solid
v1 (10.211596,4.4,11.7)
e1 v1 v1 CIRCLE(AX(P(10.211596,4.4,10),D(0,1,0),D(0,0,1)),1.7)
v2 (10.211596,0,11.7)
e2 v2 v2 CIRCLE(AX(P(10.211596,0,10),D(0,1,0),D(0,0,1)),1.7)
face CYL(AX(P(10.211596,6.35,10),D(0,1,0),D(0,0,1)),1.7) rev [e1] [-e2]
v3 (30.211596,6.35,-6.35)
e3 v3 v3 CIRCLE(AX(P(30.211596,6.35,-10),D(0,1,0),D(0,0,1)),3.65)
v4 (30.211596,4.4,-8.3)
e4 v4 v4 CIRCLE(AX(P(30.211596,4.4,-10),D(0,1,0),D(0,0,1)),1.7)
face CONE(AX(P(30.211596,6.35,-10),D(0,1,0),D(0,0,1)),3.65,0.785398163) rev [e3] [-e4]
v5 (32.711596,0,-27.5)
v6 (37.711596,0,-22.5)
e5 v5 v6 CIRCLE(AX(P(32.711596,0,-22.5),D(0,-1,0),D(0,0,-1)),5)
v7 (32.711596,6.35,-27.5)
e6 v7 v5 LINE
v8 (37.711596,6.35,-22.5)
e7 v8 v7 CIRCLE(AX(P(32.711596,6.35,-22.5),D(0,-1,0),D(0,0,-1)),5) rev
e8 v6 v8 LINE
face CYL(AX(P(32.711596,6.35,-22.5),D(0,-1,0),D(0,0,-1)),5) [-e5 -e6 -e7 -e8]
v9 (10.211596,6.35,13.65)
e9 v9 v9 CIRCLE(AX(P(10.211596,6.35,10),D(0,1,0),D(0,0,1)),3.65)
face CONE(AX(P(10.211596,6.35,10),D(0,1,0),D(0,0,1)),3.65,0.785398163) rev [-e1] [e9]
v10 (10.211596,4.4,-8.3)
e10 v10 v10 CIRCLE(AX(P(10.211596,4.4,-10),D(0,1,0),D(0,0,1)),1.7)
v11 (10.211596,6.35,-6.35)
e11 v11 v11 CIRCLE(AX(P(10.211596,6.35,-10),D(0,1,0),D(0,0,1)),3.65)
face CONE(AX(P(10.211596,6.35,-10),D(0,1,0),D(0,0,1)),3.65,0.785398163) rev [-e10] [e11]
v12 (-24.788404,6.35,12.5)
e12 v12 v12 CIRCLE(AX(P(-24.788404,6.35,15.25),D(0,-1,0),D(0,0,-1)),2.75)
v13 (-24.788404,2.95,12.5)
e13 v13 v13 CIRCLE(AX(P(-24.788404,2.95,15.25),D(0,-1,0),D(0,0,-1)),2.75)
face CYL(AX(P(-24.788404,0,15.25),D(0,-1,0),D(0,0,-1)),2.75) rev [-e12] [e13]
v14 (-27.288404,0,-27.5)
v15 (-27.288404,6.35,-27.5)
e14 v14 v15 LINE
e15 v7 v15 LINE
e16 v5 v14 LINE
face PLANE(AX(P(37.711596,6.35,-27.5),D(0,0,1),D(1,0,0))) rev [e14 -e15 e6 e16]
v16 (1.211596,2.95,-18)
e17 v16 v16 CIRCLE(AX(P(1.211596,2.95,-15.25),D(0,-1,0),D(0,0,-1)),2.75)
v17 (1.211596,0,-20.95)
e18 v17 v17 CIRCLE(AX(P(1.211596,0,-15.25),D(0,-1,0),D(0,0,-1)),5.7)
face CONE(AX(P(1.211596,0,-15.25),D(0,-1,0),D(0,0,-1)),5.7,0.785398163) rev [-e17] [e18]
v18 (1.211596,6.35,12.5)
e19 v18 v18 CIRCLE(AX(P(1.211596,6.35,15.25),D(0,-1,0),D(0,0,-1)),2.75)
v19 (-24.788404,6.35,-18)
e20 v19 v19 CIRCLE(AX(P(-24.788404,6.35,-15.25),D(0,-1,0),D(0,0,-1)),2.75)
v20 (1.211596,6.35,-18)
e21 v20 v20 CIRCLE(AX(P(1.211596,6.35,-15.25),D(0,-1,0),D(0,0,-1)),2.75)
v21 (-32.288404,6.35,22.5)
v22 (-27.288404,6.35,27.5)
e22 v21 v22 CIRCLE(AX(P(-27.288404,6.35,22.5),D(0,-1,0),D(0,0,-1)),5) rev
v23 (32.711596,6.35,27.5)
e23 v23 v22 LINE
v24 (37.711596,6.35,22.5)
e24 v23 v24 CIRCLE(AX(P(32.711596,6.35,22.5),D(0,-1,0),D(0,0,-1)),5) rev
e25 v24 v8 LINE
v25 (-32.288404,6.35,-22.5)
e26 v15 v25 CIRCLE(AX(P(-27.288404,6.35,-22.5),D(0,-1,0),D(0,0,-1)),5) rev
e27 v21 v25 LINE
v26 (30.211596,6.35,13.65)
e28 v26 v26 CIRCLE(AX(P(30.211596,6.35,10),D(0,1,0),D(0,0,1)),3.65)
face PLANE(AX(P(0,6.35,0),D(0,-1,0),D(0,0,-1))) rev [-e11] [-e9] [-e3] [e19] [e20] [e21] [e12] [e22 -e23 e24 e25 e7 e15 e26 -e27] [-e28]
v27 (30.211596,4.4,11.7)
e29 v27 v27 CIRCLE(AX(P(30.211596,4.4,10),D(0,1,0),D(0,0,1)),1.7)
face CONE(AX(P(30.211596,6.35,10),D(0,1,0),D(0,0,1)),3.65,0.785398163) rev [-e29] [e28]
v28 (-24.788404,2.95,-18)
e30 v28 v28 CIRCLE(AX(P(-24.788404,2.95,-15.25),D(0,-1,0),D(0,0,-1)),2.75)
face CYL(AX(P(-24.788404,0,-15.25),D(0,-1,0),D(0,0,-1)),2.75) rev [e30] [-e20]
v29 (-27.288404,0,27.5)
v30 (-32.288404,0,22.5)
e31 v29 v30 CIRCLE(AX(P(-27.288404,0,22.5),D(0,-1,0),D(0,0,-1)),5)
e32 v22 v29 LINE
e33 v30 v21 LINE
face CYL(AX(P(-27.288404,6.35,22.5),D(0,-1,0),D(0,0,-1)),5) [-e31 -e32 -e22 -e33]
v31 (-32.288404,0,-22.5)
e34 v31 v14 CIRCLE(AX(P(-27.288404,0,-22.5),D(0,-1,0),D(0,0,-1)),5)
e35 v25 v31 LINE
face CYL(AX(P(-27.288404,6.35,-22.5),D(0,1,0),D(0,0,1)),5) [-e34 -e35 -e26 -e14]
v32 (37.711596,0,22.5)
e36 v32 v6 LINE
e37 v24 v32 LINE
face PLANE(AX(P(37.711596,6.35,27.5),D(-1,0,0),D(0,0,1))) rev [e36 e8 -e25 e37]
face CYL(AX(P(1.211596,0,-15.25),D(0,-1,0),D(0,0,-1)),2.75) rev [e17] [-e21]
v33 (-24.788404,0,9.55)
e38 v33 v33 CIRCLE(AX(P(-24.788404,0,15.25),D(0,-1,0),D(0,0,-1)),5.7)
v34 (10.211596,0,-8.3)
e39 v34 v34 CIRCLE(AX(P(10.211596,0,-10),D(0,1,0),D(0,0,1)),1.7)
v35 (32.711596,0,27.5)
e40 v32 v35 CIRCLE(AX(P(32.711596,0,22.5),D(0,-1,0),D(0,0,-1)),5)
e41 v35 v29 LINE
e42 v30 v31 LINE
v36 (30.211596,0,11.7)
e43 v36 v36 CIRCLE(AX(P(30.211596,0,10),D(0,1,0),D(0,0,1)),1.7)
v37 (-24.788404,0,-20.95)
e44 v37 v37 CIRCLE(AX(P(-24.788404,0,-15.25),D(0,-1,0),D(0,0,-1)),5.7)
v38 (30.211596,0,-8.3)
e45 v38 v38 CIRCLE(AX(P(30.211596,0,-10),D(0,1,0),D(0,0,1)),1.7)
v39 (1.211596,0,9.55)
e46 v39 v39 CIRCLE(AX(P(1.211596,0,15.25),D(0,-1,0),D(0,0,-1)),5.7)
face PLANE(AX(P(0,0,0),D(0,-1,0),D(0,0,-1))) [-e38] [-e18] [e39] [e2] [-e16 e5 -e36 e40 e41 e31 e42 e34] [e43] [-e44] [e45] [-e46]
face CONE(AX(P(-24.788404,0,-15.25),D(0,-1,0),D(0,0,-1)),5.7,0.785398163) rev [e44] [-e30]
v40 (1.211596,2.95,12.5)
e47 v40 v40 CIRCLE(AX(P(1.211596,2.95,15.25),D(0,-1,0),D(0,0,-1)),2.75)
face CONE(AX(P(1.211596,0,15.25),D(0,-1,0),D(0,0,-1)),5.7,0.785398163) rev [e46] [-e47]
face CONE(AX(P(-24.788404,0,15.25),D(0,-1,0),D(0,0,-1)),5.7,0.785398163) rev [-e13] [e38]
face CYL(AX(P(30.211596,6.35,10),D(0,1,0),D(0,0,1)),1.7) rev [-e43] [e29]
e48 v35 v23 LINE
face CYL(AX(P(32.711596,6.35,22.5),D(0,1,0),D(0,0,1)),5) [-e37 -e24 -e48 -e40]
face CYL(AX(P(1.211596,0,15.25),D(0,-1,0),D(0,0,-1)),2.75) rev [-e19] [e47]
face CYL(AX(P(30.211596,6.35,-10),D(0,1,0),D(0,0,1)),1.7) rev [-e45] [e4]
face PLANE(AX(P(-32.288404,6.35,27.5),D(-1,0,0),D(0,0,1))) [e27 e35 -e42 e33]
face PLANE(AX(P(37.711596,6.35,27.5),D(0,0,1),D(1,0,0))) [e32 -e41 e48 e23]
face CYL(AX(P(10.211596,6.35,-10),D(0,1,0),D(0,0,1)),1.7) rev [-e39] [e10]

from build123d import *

# Parameters (mm, degrees)
SKETCH1_W                                       = 70
SKETCH1_H                                       = 55
BOSS_EXTRUDE1_DEPTH                             = 6.35
CUT_EXTRUDE1_START                              = 6.35
SKETCH1_3_R                                     = 1
CUT_EXTRUDE1_DEPTH                              = 6.35
CSK_FOR_M3_FLAT_HEAD_MACHINE_SCREW1_D           = 3.4
CSK_FOR_M3_FLAT_HEAD_MACHINE_SCREW1_CSINK_D     = 7.3
CSK_FOR_M3_FLAT_HEAD_MACHINE_SCREW1_CSINK_ANGLE = 90
FILLET1_R                                       = 5
CSK_FOR_M5_FLAT_HEAD_MACHINE_SCREW2_D           = 5.5
CSK_FOR_M5_FLAT_HEAD_MACHINE_SCREW2_CSINK_D     = 11.4
CSK_FOR_M5_FLAT_HEAD_MACHINE_SCREW2_CSINK_ANGLE = 90


with BuildPart() as part:
    # Sketch1 → Boss-Extrude1 (new body)
    with BuildSketch(Plane(origin=(0, 0, 0), x_dir=(1, 0, 0), z_dir=(0, 1, 0))):
        with Locations((2.711596357, 0)):
            Rectangle(SKETCH1_W, SKETCH1_H)
    extrude(amount=BOSS_EXTRUDE1_DEPTH)

    # Sketch1<3> → Cut-Extrude1 (cut)
    with BuildSketch(Plane(origin=(0, 0, 0), x_dir=(1, 0, 0), z_dir=(0, 1, 0)).offset(CUT_EXTRUDE1_START)):
        with Locations(Location((30.211596357, -10, 0), (0, 0, 90))):
            Circle(SKETCH1_3_R)
        with Locations(Location((10.211596357, -10, 0), (0, 0, 90))):
            Circle(SKETCH1_3_R)
        with Locations(Location((30.211596357, 10, 0), (0, 0, 90))):
            Circle(SKETCH1_3_R)
        with Locations(Location((10.211596357, 10, 0), (0, 0, 90))):
            Circle(SKETCH1_3_R)
        with Locations(Location((1.211596357, -15.25, 0), (0, 0, 90))):
            Circle(SKETCH1_3_R)
        with Locations(Location((-24.788403643, -15.25, 0), (0, 0, 90))):
            Circle(SKETCH1_3_R)
        with Locations(Location((1.211596357, 15.25, 0), (0, 0, 90))):
            Circle(SKETCH1_3_R)
        with Locations(Location((-24.788403643, 15.25, 0), (0, 0, 90))):
            Circle(SKETCH1_3_R)
    extrude(amount=-CUT_EXTRUDE1_DEPTH, mode=Mode.SUBTRACT)

    # CSK for M3 Flat Head Machine Screw1 (through all)
    with Locations(Plane(origin=(0, 6.35, 0), x_dir=(1, 0, 0), z_dir=(0, 1, 0))):
        with Locations((30.211596357, -10), (10.211596357, -10), (10.211596357, 10), (30.211596357, 10)):
            CounterSinkHole(CSK_FOR_M3_FLAT_HEAD_MACHINE_SCREW1_D / 2, CSK_FOR_M3_FLAT_HEAD_MACHINE_SCREW1_CSINK_D / 2, counter_sink_angle=CSK_FOR_M3_FLAT_HEAD_MACHINE_SCREW1_CSINK_ANGLE)

    # Fillet1
    fillet1_edges = [part.edges().sort_by_distance(p)[0] for p in [
        (37.711596357, 3.175, 27.5),
        (37.711596357, 3.175, -27.5),
        (-32.288403643, 3.175, -27.5),
        (-32.288403643, 3.175, 27.5),
    ]]
    fillet(fillet1_edges, radius=FILLET1_R)

    # CSK for M5 Flat Head Machine Screw2 (through all)
    with Locations(Plane(origin=(0, 0, 0), x_dir=(-1, 0, 0), z_dir=(0, -1, 0))):
        with Locations((24.788403643, -15.25), (24.788403643, 15.25), (-1.211596357, 15.25), (-1.211596357, -15.25)):
            CounterSinkHole(CSK_FOR_M5_FLAT_HEAD_MACHINE_SCREW2_D / 2, CSK_FOR_M5_FLAT_HEAD_MACHINE_SCREW2_CSINK_D / 2, counter_sink_angle=CSK_FOR_M5_FLAT_HEAD_MACHINE_SCREW2_CSINK_ANGLE)


solid = part.part
